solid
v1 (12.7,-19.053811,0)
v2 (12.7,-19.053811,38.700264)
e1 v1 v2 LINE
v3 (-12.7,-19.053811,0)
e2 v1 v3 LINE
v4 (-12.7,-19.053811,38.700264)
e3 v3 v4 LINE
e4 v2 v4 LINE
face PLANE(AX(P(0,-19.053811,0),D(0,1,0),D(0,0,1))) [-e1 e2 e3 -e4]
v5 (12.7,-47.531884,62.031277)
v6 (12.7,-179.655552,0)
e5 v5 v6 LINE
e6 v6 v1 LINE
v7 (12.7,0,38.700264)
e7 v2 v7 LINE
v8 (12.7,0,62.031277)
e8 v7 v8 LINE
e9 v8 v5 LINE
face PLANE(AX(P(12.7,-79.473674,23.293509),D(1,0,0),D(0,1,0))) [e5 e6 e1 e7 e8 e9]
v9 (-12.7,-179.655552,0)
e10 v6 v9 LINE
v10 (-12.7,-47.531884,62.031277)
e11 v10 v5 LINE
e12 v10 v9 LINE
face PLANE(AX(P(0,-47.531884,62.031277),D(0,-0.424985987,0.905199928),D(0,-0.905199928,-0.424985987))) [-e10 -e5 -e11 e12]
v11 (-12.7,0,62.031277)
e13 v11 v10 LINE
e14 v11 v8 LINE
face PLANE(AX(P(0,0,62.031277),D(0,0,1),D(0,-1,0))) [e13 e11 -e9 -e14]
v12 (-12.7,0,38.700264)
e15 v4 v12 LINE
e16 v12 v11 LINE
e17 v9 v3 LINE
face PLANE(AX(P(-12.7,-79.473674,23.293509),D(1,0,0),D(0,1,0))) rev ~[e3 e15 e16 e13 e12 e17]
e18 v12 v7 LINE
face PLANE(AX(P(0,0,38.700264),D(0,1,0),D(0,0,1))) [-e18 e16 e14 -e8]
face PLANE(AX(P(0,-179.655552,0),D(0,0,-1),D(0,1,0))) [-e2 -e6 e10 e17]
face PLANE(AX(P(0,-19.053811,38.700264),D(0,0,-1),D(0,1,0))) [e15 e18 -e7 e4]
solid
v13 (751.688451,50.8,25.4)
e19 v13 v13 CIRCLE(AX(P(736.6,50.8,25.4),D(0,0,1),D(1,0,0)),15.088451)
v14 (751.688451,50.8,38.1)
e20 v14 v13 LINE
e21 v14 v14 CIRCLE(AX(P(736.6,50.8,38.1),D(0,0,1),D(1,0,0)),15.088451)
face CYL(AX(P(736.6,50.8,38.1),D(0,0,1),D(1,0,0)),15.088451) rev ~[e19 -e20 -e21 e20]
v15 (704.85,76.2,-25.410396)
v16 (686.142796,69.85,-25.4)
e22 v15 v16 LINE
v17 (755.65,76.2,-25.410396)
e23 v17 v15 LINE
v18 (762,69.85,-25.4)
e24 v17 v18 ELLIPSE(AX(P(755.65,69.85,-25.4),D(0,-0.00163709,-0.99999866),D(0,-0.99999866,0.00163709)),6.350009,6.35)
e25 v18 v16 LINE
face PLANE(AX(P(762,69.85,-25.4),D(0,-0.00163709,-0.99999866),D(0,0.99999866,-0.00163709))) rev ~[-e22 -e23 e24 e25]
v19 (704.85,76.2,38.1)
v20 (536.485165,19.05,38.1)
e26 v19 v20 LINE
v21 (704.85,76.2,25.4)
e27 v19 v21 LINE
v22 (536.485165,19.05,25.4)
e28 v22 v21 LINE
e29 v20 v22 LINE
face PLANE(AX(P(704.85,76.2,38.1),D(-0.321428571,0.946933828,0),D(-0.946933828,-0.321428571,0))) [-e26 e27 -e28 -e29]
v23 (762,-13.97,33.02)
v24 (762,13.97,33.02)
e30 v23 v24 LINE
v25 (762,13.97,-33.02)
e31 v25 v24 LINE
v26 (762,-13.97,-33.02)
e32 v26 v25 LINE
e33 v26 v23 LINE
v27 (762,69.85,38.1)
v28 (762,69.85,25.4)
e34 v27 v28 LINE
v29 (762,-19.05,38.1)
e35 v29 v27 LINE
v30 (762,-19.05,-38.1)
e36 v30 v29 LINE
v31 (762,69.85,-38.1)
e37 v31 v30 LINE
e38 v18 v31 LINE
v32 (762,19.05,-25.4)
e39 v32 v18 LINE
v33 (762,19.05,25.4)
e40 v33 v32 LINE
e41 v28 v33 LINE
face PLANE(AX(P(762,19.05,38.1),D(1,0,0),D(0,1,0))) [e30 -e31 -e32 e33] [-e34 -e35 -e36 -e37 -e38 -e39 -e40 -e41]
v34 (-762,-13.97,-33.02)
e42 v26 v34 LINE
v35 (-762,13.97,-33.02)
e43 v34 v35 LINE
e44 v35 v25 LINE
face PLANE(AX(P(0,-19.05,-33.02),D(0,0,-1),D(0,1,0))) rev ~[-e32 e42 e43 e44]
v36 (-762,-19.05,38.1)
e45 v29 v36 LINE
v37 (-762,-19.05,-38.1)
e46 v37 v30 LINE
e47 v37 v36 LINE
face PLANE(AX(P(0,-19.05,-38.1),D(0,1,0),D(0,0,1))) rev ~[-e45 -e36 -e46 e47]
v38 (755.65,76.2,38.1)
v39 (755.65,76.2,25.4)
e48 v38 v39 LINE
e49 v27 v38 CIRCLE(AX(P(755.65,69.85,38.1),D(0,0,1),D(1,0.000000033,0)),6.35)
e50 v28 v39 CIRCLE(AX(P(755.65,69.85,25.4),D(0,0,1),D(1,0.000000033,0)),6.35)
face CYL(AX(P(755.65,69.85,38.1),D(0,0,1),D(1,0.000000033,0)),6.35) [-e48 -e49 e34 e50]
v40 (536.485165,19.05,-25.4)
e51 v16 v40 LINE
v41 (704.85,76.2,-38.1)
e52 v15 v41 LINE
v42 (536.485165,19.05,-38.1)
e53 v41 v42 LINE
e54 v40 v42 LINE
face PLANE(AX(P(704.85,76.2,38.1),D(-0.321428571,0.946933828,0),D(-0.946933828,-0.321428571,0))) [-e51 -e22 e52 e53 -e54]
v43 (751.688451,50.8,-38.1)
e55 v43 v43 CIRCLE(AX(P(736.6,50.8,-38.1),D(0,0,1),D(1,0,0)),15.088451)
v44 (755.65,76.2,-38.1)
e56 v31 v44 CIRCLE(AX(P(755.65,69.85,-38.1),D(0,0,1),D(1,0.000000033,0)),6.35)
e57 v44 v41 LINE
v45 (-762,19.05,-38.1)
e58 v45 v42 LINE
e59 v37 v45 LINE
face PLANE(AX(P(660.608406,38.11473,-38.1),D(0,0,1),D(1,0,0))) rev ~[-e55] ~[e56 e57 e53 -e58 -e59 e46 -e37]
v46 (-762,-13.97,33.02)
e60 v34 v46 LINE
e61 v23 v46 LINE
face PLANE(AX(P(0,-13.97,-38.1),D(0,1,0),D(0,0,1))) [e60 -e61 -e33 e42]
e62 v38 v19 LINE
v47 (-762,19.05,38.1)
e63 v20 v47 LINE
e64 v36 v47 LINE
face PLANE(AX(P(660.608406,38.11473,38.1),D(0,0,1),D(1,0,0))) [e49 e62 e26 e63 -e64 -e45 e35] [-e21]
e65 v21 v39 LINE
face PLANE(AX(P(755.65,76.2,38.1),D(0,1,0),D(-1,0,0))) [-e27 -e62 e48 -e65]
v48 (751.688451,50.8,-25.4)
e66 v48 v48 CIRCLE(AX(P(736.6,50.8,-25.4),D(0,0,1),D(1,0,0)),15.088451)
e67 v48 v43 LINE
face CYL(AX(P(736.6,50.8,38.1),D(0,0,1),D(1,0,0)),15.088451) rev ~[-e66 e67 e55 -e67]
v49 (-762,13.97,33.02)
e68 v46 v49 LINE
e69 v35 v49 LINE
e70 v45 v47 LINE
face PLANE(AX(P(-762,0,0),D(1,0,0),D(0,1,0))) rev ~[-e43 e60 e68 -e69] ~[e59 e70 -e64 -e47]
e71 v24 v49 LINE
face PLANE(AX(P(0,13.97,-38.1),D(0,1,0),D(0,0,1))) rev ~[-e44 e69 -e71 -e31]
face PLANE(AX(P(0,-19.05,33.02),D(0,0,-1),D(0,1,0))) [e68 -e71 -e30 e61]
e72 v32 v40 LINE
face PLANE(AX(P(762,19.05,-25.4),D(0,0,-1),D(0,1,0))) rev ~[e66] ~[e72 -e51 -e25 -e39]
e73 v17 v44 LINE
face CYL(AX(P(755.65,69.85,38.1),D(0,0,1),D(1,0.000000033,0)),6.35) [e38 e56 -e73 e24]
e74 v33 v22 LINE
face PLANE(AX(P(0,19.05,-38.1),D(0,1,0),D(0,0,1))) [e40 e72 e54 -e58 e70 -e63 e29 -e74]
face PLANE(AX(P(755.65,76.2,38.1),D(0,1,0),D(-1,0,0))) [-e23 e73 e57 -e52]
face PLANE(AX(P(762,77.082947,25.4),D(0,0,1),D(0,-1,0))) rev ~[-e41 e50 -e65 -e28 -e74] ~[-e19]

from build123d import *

# Parameters (mm, degrees)
F0_W     = 38.1
F0_H     = 76.2
F1_DEPTH = 762
F2_T     = -5.08
F3_R     = 15.088451
F4_DEPTH = 76.2
F6_DEPTH = 1524.001
F8_DEPTH = 12.7


with BuildPart() as f1:
    # F0 (on Right) → F1 (new body, symmetric)
    with BuildSketch(Plane.YZ):
        Rectangle(F0_W, F0_H)
    extrude(amount=F1_DEPTH, both=True)

    # F2
    f2_openings = [f1.faces().sort_by_distance(p)[0] for p in [
        (-762, 0, 0),
        (762, 0, 0),
    ]]
    offset(amount=F2_T, openings=f2_openings)

    # F3 (on face) → F4 (join)
    with BuildSketch(Plane.XY.offset(38.1)):
        with BuildLine():
            Line((536.485165, 19.05), (762, 19.05))
            Line((762, 19.05), (762, 69.85))
            ThreePointArc((762, 69.85), (760.140128, 74.340128), (755.65, 76.2))
            Line((755.65, 76.2), (704.85, 76.2))
            Line((704.85, 76.2), (536.485165, 19.05))
        make_face()
        with Locations((736.6, 50.8)):
            Circle(F3_R, mode=Mode.SUBTRACT)
    extrude(amount=-F4_DEPTH)

    # F5 (on face) → F6 (cut, through all)
    with BuildSketch(Plane.YZ.offset(762)):
        Polygon((77.082947, 25.4), (69.85, 25.4), (19.05, 25.4), (19.05, -25.4), (69.85, -25.4), (77.082947, -25.411841), align=None)
    extrude(amount=-F6_DEPTH, mode=Mode.SUBTRACT)


with BuildPart() as f8:
    # F7 (on Right) → F8 (new body, symmetric)
    with BuildSketch(Plane.YZ):
        Polygon((-19.053811, 38.700264), (0, 38.700264), (0, 62.031277), (-47.531884, 62.031277), (-179.655552, 0), (-19.053811, 0), align=None)
    extrude(amount=F8_DEPTH, both=True)


solid = Compound([f1.part, f8.part])
